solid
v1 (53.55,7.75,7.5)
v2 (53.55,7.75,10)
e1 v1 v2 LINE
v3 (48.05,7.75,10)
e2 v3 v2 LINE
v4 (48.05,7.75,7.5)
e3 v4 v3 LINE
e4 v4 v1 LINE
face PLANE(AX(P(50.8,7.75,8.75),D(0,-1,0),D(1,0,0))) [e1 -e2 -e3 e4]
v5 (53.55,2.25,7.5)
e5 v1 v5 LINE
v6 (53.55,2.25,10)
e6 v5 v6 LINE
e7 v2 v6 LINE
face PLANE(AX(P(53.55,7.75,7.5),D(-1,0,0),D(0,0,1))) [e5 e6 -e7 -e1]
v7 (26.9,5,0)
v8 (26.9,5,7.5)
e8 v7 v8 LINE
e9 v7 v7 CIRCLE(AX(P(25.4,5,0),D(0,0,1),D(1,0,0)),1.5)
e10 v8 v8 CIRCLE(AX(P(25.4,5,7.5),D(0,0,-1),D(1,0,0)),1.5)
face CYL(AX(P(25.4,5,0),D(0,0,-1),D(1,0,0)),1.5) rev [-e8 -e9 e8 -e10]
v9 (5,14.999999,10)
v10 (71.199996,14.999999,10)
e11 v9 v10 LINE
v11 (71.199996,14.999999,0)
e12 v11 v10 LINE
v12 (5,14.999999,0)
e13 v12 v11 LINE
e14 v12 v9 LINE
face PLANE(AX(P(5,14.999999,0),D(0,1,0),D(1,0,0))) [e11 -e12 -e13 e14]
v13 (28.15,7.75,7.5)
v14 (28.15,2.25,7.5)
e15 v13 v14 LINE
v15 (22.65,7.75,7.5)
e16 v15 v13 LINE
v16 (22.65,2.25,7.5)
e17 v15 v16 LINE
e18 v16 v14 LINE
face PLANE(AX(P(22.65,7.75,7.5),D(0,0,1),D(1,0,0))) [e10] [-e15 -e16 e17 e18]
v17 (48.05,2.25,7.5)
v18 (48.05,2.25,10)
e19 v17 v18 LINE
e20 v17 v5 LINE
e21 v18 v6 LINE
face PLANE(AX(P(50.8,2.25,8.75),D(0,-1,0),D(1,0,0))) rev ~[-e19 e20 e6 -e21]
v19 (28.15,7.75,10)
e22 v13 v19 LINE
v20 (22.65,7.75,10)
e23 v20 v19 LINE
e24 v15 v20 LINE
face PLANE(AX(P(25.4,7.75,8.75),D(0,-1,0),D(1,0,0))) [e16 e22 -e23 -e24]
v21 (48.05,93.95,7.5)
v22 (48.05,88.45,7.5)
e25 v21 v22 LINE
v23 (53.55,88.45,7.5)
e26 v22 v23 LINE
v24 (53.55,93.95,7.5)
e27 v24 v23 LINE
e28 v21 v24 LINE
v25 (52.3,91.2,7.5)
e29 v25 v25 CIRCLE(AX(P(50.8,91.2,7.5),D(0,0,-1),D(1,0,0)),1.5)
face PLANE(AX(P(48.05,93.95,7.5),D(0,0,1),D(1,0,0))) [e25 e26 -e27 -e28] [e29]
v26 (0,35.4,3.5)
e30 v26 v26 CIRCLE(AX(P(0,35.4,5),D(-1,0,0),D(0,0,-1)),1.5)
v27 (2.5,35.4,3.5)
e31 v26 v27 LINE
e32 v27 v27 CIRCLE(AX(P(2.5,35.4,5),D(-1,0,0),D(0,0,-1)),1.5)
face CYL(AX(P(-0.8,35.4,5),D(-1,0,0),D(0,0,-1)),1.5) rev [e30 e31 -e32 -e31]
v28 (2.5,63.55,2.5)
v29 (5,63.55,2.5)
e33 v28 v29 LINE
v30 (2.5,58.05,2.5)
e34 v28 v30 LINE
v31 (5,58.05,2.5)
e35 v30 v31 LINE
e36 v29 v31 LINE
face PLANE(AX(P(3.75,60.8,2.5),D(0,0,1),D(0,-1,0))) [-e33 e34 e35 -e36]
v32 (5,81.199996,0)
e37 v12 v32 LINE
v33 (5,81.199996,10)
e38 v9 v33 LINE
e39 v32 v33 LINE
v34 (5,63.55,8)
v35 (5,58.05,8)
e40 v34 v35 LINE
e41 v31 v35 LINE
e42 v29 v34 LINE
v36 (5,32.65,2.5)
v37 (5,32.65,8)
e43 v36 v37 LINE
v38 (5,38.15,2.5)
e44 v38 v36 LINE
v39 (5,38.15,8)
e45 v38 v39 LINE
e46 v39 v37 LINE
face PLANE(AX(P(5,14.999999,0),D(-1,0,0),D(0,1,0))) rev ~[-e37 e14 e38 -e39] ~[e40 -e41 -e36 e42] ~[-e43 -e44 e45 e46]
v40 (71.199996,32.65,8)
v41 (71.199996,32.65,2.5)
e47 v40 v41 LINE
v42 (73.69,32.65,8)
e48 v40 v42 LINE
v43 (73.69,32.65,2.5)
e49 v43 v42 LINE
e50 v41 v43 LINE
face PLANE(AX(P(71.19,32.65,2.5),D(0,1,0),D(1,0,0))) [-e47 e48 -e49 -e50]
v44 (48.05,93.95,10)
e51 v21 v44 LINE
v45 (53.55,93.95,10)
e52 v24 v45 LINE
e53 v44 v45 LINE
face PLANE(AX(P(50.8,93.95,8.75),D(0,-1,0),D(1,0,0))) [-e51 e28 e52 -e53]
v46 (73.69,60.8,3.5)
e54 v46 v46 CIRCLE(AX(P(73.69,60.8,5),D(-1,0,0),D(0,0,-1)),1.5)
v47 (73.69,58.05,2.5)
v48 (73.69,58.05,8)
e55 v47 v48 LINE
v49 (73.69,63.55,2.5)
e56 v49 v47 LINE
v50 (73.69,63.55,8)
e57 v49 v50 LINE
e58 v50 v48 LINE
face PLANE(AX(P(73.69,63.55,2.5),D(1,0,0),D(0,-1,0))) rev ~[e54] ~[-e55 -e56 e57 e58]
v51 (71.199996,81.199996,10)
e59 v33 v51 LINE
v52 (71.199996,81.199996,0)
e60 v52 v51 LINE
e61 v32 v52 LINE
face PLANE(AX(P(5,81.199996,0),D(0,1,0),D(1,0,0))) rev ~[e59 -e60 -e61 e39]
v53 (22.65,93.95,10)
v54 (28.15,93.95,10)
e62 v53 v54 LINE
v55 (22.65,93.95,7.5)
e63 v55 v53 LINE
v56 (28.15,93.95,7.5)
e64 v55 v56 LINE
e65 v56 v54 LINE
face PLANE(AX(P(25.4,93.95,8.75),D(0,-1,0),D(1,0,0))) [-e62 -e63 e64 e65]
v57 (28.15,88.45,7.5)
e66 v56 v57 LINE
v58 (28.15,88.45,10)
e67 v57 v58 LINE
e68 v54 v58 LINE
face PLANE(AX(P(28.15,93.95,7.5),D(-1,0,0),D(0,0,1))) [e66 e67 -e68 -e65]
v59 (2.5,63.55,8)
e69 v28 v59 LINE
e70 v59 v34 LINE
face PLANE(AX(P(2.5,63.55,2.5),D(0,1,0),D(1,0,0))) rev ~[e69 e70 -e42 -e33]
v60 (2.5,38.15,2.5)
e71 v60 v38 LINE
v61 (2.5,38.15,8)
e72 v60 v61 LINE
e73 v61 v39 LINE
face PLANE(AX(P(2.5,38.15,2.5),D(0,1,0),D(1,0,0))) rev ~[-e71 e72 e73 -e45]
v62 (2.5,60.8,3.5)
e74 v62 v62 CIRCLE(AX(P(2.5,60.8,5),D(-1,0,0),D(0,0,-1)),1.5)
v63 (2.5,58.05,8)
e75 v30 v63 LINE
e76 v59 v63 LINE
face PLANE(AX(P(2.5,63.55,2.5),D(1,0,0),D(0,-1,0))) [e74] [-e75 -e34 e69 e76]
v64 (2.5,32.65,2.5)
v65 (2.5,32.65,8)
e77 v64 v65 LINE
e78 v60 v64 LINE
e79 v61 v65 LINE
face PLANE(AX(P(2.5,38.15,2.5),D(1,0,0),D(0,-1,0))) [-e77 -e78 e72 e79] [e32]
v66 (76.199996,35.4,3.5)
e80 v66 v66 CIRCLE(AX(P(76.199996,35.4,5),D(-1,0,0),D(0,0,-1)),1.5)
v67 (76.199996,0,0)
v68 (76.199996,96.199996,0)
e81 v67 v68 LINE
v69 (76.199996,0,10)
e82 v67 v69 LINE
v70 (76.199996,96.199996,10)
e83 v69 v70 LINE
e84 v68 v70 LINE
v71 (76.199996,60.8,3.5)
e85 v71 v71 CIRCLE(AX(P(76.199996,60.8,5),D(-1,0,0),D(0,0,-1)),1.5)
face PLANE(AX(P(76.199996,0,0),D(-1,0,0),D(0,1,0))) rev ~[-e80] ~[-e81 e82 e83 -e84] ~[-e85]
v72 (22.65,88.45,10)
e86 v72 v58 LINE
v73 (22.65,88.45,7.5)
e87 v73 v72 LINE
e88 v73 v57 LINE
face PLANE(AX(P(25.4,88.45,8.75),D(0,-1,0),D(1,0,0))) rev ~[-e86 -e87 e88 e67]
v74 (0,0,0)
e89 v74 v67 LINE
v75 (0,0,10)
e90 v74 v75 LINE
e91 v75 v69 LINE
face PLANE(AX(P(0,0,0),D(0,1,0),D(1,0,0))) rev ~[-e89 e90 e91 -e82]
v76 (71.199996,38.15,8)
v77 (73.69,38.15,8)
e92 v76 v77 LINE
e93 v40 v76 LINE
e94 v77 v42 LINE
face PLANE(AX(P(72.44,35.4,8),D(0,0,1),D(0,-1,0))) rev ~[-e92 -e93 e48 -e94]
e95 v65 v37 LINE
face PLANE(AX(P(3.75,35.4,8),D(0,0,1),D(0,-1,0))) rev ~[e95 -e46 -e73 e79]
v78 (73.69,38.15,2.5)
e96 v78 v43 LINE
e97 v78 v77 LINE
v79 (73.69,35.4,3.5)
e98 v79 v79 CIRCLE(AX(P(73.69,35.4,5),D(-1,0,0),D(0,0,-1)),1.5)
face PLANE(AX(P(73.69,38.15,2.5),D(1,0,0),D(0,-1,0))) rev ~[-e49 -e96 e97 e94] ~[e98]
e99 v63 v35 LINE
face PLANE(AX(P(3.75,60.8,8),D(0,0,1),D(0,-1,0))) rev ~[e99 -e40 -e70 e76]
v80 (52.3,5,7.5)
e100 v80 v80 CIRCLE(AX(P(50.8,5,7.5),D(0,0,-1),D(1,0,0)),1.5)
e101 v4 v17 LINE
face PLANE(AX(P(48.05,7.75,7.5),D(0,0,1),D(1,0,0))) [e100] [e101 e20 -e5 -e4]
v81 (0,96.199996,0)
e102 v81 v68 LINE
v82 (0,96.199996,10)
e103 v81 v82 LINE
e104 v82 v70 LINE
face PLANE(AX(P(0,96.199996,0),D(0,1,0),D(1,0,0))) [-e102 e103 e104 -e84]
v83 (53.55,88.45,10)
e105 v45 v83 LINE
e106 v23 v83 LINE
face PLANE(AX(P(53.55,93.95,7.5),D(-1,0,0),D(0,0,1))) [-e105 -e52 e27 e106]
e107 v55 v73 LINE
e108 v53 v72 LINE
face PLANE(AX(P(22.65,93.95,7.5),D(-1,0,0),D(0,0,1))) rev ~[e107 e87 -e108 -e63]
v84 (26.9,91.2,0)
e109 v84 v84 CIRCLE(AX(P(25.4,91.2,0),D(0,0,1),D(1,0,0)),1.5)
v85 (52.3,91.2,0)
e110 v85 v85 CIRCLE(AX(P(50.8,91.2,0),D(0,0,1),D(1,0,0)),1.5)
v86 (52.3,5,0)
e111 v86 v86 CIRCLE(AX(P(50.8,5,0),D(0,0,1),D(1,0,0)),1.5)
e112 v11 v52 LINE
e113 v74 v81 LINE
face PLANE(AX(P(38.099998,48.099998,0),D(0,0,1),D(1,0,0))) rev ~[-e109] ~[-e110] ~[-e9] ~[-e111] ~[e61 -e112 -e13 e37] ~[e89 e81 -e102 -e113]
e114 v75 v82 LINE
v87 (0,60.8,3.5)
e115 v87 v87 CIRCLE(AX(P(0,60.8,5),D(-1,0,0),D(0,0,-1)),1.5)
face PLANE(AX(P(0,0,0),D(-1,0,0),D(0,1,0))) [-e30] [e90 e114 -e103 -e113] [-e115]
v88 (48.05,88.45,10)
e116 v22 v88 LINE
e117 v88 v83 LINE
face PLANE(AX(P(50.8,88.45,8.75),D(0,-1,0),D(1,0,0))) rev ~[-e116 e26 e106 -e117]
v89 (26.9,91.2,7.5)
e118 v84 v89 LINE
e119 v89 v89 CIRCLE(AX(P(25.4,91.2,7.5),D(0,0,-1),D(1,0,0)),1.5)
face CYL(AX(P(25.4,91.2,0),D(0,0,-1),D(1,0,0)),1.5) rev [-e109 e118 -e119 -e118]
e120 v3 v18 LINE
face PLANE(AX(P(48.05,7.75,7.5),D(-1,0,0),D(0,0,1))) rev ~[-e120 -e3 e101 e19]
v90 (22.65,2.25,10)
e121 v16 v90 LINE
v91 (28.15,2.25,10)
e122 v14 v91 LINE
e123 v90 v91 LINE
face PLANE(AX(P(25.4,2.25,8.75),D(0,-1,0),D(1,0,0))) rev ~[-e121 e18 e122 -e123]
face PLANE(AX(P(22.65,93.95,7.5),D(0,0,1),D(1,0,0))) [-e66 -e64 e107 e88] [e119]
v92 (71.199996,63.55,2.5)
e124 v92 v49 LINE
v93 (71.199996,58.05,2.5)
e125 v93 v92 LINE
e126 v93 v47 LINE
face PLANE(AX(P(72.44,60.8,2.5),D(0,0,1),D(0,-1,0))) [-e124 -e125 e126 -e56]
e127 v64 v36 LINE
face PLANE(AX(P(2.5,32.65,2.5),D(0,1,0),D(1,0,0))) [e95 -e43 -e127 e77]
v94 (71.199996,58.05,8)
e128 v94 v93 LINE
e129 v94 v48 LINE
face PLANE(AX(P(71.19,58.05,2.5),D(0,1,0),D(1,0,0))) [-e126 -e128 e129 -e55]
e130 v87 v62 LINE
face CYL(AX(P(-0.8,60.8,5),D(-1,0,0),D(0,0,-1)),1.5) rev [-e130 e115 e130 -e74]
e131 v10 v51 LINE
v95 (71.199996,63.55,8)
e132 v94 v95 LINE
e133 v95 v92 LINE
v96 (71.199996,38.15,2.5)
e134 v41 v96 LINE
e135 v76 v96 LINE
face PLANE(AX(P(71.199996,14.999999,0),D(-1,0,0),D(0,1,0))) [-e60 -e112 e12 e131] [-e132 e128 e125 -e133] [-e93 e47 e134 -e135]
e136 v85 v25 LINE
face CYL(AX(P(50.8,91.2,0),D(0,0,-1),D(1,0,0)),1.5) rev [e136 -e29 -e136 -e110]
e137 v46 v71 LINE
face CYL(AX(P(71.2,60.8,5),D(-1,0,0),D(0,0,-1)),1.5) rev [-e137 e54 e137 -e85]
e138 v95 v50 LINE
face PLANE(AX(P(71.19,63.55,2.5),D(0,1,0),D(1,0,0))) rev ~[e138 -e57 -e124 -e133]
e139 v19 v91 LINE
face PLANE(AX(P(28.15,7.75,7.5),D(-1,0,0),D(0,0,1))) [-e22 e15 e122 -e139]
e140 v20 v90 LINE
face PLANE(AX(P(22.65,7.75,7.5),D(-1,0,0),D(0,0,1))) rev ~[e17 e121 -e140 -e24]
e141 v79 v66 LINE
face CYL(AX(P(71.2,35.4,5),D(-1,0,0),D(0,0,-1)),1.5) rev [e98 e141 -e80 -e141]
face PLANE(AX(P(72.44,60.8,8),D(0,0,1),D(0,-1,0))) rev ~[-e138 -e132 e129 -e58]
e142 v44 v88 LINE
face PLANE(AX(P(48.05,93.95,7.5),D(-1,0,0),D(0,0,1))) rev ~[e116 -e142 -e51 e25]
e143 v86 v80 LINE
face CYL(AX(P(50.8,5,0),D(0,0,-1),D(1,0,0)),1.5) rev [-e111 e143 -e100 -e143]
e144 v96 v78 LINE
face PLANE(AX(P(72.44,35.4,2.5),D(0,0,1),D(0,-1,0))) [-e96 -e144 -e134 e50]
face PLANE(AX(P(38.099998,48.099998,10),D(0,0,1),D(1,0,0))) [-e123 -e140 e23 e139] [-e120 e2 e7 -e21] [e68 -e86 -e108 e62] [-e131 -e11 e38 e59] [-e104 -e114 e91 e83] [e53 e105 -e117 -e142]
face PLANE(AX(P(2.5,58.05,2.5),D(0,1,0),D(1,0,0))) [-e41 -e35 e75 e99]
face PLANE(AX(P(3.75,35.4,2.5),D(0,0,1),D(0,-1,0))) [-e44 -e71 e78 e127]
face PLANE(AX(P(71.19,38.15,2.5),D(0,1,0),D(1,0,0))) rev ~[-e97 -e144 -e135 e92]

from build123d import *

# Parameters (mm, degrees)
CYLINDER002001_R              = 1.5
CYLINDER002001_DEPTH          = 5
CYLINDER002001_PITCH_ANGLE    = 90
CYLINDER002002_R              = 1.5
CYLINDER002002_DEPTH          = 5
CYLINDER002002_PITCH_ANGLE    = 90
CYLINDER002001001_R           = 1.5
CYLINDER002001001_DEPTH       = 5
CYLINDER002001001_PITCH_ANGLE = 90
CYLINDER_R                    = 1.5
CYLINDER_DEPTH                = 10
CYLINDER002001002_R           = 1.5
CYLINDER002001002_DEPTH       = 10
CYLINDER002001003_R           = 1.5
CYLINDER002001003_DEPTH       = 10
CYLINDER002001002001_R        = 1.5
CYLINDER002001002001_DEPTH    = 10
CYLINDER002_R                 = 1.5
CYLINDER002_DEPTH             = 5
CYLINDER002_PITCH_ANGLE       = 90
BOX003_W                      = 5.5
BOX003_H                      = 2.5
BOX003_DEPTH                  = 5.5
BOX003_PLACEMENT_ANGLE        = -90
BOX004_W                      = 5.5
BOX004_H                      = 2.5
BOX004_DEPTH                  = 5.5
BOX004_PLACEMENT_ANGLE        = -90
BOX005_W                      = 5.5
BOX005_H                      = 2.5
BOX005_DEPTH                  = 5.5
BOX005_PLACEMENT_ANGLE        = -90
BOX006_W                      = 5.5
BOX006_H                      = 2.5
BOX006_DEPTH                  = 5.5
BOX006_ROLL_ANGLE             = 90
BOX007_W                      = 5.5
BOX007_H                      = 2.5
BOX007_DEPTH                  = 5.5
BOX007_ROLL_ANGLE             = 90
BOX006001_W                   = 5.5
BOX006001_H                   = 2.5
BOX006001_DEPTH               = 5.5
BOX006001_ROLL_ANGLE          = 90
BOX007001_W                   = 5.5
BOX007001_H                   = 2.5
BOX007001_DEPTH               = 5.5
BOX007001_ROLL_ANGLE          = 90
BOX002_W                      = 5.5
BOX002_H                      = 2.5
BOX002_DEPTH                  = 5.5
BOX002_PLACEMENT_ANGLE        = -90
BOX001_W                      = 66.199997
BOX001_H                      = 66.199997
BOX001_DEPTH                  = 10
BOX_W                         = 76.199997
BOX_H                         = 96.199997
BOX_DEPTH                     = 10


with BuildPart() as cylinder002001:
    # Cylinder002001 → Cylinder002001 (new body)
    with BuildSketch(Plane.XY):
        Circle(CYLINDER002001_R)
    extrude(amount=CYLINDER002001_DEPTH)


with BuildPart() as cylinder002001_1:
    # Cylinder002001 pitch: moved
    add(cylinder002001.part.rotate(Axis((0, 0, 0), (0, 1, 0)), CYLINDER002001_PITCH_ANGLE))


with BuildPart() as cylinder002001_2:
    # Cylinder002001 placement: moved
    add(cylinder002001_1.part.moved(Location((71.2, 35.4, 5))))


with BuildPart() as cylinder002002:
    # Cylinder002002 → Cylinder002002 (new body)
    with BuildSketch(Plane.XY):
        Circle(CYLINDER002002_R)
    extrude(amount=CYLINDER002002_DEPTH)


with BuildPart() as cylinder002002_1:
    # Cylinder002002 pitch: moved
    add(cylinder002002.part.rotate(Axis((0, 0, 0), (0, 1, 0)), CYLINDER002002_PITCH_ANGLE))


with BuildPart() as cylinder002002_2:
    # Cylinder002002 placement: moved
    add(cylinder002002_1.part.moved(Location((-0.8, 60.8, 5))))


with BuildPart() as cylinder002001001:
    # Cylinder002001001 → Cylinder002001001 (new body)
    with BuildSketch(Plane.XY):
        Circle(CYLINDER002001001_R)
    extrude(amount=CYLINDER002001001_DEPTH)


with BuildPart() as cylinder002001001_1:
    # Cylinder002001001 pitch: moved
    add(cylinder002001001.part.rotate(Axis((0, 0, 0), (0, 1, 0)), CYLINDER002001001_PITCH_ANGLE))


with BuildPart() as cylinder002001001_2:
    # Cylinder002001001 placement: moved
    add(cylinder002001001_1.part.moved(Location((-0.8, 35.4, 5))))


with BuildPart() as cylinder:
    # Cylinder → Cylinder (new body)
    with BuildSketch(Plane(origin=(25.4, 5, 0), x_dir=(1, 0, 0), z_dir=(0, 0, 1))):
        Circle(CYLINDER_R)
    extrude(amount=CYLINDER_DEPTH)


with BuildPart() as cylinder002001002:
    # Cylinder002001002 → Cylinder002001002 (new body)
    with BuildSketch(Plane(origin=(50.8, 5, 0), x_dir=(1, 0, 0), z_dir=(0, 0, 1))):
        Circle(CYLINDER002001002_R)
    extrude(amount=CYLINDER002001002_DEPTH)


with BuildPart() as cylinder002001003:
    # Cylinder002001003 → Cylinder002001003 (new body)
    with BuildSketch(Plane(origin=(25.4, 91.2, 0), x_dir=(1, 0, 0), z_dir=(0, 0, 1))):
        Circle(CYLINDER002001003_R)
    extrude(amount=CYLINDER002001003_DEPTH)


with BuildPart() as cylinder002001002001:
    # Cylinder002001002001 → Cylinder002001002001 (new body)
    with BuildSketch(Plane(origin=(50.8, 91.2, 0), x_dir=(1, 0, 0), z_dir=(0, 0, 1))):
        Circle(CYLINDER002001002001_R)
    extrude(amount=CYLINDER002001002001_DEPTH)


with BuildPart() as cylinder002:
    # Cylinder002 → Cylinder002 (new body)
    with BuildSketch(Plane.XY):
        Circle(CYLINDER002_R)
    extrude(amount=CYLINDER002_DEPTH)


with BuildPart() as cylinder002_1:
    # Cylinder002 pitch: moved
    add(cylinder002.part.rotate(Axis((0, 0, 0), (0, 1, 0)), CYLINDER002_PITCH_ANGLE))


with BuildPart() as cylinder002_2:
    # Cylinder002 placement: moved
    add(cylinder002_1.part.moved(Location((71.2, 60.8, 5))))


with BuildPart() as box003:
    # Box003 → Box003 (new body)
    with BuildSketch(Plane.XY):
        with Locations((2.75, 1.25)):
            Rectangle(BOX003_W, BOX003_H)
    extrude(amount=BOX003_DEPTH)


with BuildPart() as box003_1:
    # Box003 placement: moved
    add(box003.part.moved(Location((71.19, 63.55, 2.5))).rotate(Axis((71.19, 63.55, 2.5), (0, 0, 1)), BOX003_PLACEMENT_ANGLE))


with BuildPart() as box004:
    # Box004 → Box004 (new body)
    with BuildSketch(Plane.XY):
        with Locations((2.75, 1.25)):
            Rectangle(BOX004_W, BOX004_H)
    extrude(amount=BOX004_DEPTH)


with BuildPart() as box004_1:
    # Box004 placement: moved
    add(box004.part.moved(Location((2.5, 63.55, 2.5))).rotate(Axis((2.5, 63.55, 2.5), (0, 0, 1)), BOX004_PLACEMENT_ANGLE))


with BuildPart() as box005:
    # Box005 → Box005 (new body)
    with BuildSketch(Plane.XY):
        with Locations((2.75, 1.25)):
            Rectangle(BOX005_W, BOX005_H)
    extrude(amount=BOX005_DEPTH)


with BuildPart() as box005_1:
    # Box005 placement: moved
    add(box005.part.moved(Location((2.5, 38.15, 2.5))).rotate(Axis((2.5, 38.15, 2.5), (0, 0, 1)), BOX005_PLACEMENT_ANGLE))


with BuildPart() as box006:
    # Box006 → Box006 (new body)
    with BuildSketch(Plane.XY):
        with Locations((2.75, 1.25)):
            Rectangle(BOX006_W, BOX006_H)
    extrude(amount=BOX006_DEPTH)


with BuildPart() as box006_1:
    # Box006 roll: moved
    add(box006.part.rotate(Axis((0, 0, 0), (1, 0, 0)), BOX006_ROLL_ANGLE))


with BuildPart() as box006_2:
    # Box006 placement: moved
    add(box006_1.part.moved(Location((22.65, 7.75, 7.5))))


with BuildPart() as box007:
    # Box007 → Box007 (new body)
    with BuildSketch(Plane.XY):
        with Locations((2.75, 1.25)):
            Rectangle(BOX007_W, BOX007_H)
    extrude(amount=BOX007_DEPTH)


with BuildPart() as box007_1:
    # Box007 roll: moved
    add(box007.part.rotate(Axis((0, 0, 0), (1, 0, 0)), BOX007_ROLL_ANGLE))


with BuildPart() as box007_2:
    # Box007 placement: moved
    add(box007_1.part.moved(Location((48.05, 7.75, 7.5))))


with BuildPart() as box006001:
    # Box006001 → Box006001 (new body)
    with BuildSketch(Plane.XY):
        with Locations((2.75, 1.25)):
            Rectangle(BOX006001_W, BOX006001_H)
    extrude(amount=BOX006001_DEPTH)


with BuildPart() as box006001_1:
    # Box006001 roll: moved
    add(box006001.part.rotate(Axis((0, 0, 0), (1, 0, 0)), BOX006001_ROLL_ANGLE))


with BuildPart() as box006001_2:
    # Box006001 placement: moved
    add(box006001_1.part.moved(Location((22.65, 93.95, 7.5))))


with BuildPart() as box007001:
    # Box007001 → Box007001 (new body)
    with BuildSketch(Plane.XY):
        with Locations((2.75, 1.25)):
            Rectangle(BOX007001_W, BOX007001_H)
    extrude(amount=BOX007001_DEPTH)


with BuildPart() as box007001_1:
    # Box007001 roll: moved
    add(box007001.part.rotate(Axis((0, 0, 0), (1, 0, 0)), BOX007001_ROLL_ANGLE))


with BuildPart() as box007001_2:
    # Box007001 placement: moved
    add(box007001_1.part.moved(Location((48.05, 93.95, 7.5))))


with BuildPart() as box002:
    # Box002 → Box002 (new body)
    with BuildSketch(Plane.XY):
        with Locations((2.75, 1.25)):
            Rectangle(BOX002_W, BOX002_H)
    extrude(amount=BOX002_DEPTH)


with BuildPart() as box002_1:
    # Box002 placement: moved
    add(box002.part.moved(Location((71.19, 38.15, 2.5))).rotate(Axis((71.19, 38.15, 2.5), (0, 0, 1)), BOX002_PLACEMENT_ANGLE))


with BuildPart() as box001:
    # Box001 → Box001 (new body)
    with BuildSketch(Plane(origin=(5, 15, 0), x_dir=(1, 0, 0), z_dir=(0, 0, 1))):
        with Locations((33.099998, 33.099998)):
            Rectangle(BOX001_W, BOX001_H)
    extrude(amount=BOX001_DEPTH)


with BuildPart() as cut016:
    # Box → Box (new body)
    with BuildSketch(Plane.XY):
        with Locations((38.099998, 48.099998)):
            Rectangle(BOX_W, BOX_H)
    extrude(amount=BOX_DEPTH)

    # Cut: cut Box001
    add(box001.part, mode=Mode.SUBTRACT)

    # Cut001: cut Box002
    add(box002_1.part, mode=Mode.SUBTRACT)

    # Cut002: cut Box007001
    add(box007001_2.part, mode=Mode.SUBTRACT)

    # Cut003: cut Box006001
    add(box006001_2.part, mode=Mode.SUBTRACT)

    # Cut004: cut Box007
    add(box007_2.part, mode=Mode.SUBTRACT)

    # Cut005: cut Box006
    add(box006_2.part, mode=Mode.SUBTRACT)

    # Cut006: cut Box005
    add(box005_1.part, mode=Mode.SUBTRACT)

    # Cut007: cut Box004
    add(box004_1.part, mode=Mode.SUBTRACT)

    # Cut008: cut Box003
    add(box003_1.part, mode=Mode.SUBTRACT)

    # Cut009: cut Cylinder002
    add(cylinder002_2.part, mode=Mode.SUBTRACT)

    # Cut010: cut Cylinder002001002001
    add(cylinder002001002001.part, mode=Mode.SUBTRACT)

    # Cut011: cut Cylinder002001003
    add(cylinder002001003.part, mode=Mode.SUBTRACT)

    # Cut012: cut Cylinder002001002
    add(cylinder002001002.part, mode=Mode.SUBTRACT)

    # Cut013: cut Cylinder
    add(cylinder.part, mode=Mode.SUBTRACT)

    # Cut014: cut Cylinder002001001
    add(cylinder002001001_2.part, mode=Mode.SUBTRACT)

    # Cut015: cut Cylinder002002
    add(cylinder002002_2.part, mode=Mode.SUBTRACT)

    # Cut016: cut Cylinder002001
    add(cylinder002001_2.part, mode=Mode.SUBTRACT)


solid = cut016.part
